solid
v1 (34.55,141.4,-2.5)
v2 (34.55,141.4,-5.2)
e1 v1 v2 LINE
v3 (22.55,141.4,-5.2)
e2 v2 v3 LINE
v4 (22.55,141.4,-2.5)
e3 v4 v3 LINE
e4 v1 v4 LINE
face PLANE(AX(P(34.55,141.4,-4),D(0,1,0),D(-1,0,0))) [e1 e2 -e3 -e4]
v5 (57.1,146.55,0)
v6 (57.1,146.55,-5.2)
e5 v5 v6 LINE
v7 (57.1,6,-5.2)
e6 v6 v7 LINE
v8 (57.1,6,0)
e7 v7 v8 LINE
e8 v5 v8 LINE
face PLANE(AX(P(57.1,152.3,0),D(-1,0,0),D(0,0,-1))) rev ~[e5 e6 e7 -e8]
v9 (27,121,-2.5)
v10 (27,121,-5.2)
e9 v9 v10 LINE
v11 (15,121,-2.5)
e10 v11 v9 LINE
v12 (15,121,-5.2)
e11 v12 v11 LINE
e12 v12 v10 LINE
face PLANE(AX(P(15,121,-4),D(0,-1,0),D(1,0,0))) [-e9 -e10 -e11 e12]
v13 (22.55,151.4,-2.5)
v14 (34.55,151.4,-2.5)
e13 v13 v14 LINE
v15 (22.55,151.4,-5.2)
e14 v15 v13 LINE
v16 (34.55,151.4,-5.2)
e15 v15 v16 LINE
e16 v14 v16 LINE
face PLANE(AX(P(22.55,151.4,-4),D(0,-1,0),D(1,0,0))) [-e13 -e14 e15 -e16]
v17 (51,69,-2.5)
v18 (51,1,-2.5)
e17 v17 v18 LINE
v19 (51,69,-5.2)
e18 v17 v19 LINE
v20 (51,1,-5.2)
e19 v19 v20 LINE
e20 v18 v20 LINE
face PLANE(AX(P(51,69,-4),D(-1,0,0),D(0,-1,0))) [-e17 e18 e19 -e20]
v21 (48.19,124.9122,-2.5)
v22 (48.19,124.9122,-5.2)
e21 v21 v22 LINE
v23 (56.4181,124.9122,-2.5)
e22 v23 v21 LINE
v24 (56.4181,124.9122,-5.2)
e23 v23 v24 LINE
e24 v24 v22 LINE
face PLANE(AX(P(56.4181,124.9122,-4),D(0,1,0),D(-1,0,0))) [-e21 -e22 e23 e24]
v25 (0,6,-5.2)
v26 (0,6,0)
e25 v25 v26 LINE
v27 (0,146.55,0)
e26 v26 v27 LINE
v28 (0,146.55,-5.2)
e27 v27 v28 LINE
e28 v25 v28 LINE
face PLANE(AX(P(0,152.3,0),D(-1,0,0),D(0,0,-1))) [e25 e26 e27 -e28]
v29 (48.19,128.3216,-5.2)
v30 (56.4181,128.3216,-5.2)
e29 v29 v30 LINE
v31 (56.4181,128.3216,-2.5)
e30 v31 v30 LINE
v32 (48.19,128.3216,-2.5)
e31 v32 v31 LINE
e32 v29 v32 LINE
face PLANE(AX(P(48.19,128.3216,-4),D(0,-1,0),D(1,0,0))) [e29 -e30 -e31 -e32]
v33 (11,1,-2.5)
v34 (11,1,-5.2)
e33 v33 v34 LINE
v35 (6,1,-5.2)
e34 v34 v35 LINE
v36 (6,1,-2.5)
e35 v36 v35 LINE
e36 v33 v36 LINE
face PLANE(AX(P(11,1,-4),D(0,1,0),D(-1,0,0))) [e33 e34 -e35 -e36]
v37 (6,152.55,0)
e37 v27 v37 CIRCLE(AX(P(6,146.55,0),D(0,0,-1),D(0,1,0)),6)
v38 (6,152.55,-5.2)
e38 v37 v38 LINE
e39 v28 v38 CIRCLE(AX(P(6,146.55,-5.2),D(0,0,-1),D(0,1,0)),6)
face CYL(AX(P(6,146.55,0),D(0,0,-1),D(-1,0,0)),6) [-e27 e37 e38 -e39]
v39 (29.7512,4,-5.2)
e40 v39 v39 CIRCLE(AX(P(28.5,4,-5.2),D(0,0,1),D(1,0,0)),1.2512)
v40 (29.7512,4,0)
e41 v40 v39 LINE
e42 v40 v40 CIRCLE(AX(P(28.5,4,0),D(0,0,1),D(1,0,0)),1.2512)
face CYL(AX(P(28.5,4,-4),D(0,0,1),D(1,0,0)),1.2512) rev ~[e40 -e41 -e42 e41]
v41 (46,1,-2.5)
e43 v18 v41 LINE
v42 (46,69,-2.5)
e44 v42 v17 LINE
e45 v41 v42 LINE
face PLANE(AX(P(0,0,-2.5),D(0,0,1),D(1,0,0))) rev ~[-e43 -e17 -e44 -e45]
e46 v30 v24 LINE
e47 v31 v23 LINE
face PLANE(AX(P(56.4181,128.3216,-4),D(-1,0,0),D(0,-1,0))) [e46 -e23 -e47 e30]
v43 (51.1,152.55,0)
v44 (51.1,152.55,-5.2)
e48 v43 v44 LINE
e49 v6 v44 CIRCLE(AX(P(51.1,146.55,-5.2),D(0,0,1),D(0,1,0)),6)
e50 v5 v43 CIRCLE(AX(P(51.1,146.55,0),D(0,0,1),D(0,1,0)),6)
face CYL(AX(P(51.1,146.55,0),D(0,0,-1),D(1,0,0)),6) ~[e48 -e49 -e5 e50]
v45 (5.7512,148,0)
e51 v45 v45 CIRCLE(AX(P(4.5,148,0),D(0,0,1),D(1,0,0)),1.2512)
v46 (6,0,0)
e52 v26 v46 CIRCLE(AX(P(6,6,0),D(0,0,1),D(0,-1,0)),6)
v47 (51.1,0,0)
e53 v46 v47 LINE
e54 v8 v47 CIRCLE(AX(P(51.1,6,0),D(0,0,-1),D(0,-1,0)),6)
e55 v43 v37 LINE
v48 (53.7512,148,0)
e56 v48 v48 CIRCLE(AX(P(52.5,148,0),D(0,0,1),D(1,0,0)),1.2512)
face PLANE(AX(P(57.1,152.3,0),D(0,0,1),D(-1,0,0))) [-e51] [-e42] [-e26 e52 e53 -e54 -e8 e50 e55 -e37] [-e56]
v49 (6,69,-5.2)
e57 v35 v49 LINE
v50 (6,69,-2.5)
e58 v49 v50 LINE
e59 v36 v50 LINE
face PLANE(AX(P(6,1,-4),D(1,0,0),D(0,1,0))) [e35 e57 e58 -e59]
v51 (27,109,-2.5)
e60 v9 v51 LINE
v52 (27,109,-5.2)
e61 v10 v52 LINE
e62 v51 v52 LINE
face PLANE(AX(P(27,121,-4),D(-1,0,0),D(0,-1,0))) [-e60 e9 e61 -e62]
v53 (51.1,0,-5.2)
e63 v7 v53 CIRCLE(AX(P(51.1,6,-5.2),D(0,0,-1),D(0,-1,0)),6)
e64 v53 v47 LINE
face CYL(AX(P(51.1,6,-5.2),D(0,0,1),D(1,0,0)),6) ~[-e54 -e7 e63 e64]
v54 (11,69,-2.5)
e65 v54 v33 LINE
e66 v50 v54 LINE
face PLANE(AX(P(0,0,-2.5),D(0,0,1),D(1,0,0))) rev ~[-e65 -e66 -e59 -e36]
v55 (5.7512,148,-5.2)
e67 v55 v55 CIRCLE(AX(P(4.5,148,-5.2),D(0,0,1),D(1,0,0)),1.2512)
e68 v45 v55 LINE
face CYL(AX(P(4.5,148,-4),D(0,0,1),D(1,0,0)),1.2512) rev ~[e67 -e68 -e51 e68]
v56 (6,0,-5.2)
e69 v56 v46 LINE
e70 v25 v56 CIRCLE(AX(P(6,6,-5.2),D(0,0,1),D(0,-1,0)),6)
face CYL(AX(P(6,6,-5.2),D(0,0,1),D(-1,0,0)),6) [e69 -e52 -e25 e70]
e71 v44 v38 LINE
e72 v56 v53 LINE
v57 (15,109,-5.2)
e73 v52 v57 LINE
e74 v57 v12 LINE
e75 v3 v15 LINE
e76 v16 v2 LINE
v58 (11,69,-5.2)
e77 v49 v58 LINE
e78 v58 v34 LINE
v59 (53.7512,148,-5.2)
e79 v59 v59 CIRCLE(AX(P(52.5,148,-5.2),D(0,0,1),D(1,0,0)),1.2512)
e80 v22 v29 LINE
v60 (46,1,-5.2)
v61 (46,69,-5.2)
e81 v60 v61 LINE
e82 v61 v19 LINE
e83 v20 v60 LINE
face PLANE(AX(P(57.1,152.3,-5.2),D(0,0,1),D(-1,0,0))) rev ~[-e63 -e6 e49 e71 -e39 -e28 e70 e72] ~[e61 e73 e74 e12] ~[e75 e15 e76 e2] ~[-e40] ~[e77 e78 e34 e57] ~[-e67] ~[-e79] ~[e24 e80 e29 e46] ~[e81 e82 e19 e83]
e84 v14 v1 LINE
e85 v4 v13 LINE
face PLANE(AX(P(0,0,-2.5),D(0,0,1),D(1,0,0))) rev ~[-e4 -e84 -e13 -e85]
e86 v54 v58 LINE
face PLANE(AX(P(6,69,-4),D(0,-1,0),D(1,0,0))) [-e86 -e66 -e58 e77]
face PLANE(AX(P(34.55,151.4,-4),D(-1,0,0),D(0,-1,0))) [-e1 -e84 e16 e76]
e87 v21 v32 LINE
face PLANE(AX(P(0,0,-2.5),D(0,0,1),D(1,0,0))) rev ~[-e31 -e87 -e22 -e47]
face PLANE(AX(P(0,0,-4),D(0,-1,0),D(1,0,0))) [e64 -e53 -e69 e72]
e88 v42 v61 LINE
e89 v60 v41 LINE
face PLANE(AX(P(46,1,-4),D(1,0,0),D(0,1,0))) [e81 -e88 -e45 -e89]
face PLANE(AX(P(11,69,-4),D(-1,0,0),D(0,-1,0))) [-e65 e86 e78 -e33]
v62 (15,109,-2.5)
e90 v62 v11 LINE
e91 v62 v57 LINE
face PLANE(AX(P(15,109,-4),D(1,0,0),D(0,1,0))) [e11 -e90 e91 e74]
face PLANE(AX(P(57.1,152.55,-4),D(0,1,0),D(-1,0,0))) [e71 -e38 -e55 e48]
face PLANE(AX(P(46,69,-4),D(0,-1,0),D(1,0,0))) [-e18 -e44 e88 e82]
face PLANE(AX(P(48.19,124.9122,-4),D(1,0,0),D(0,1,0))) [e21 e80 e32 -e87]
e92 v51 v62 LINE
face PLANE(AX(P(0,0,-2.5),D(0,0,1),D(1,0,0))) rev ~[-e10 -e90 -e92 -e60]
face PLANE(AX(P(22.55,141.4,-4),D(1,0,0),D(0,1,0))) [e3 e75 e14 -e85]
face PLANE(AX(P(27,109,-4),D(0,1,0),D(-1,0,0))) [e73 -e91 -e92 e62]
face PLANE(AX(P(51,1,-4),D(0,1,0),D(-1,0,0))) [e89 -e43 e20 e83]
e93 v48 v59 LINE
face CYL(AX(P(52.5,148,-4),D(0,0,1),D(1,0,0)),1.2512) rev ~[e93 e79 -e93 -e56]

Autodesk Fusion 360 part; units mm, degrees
sketch "Sketch1" plane through (0, 0, 0) normal (0, 0, 1) x (1, 0, 0)
  line L0 (0, 0) -> (57.1, 0)
  line L1 (57.1, 0) -> (57.1, 152.3)
  line L2 (57.1, 152.3) -> (0, 152.3)
  line L3 (0, 152.3) -> (0, 0)
  circle A0 centre (28.5, 4) radius 1.2512
  circle A1 centre (52.5, 148) radius 1.2512
  circle A2 centre (4.5, 148) radius 1.2512
  line L4 (6, 69) -> (11, 69)
  line L5 (11, 69) -> (11, 1)
  line L6 (11, 1) -> (6, 1)
  line L7 (6, 1) -> (6, 69)
  line L8 (46, 1) -> (46, 69)
  line L9 (46, 69) -> (51, 69)
  line L10 (51, 69) -> (51, 1)
  line L11 (51, 1) -> (46, 1)
  line L12 (15, 121) -> (27, 121)
  line L13 (27, 121) -> (27, 109)
  line L14 (27, 109) -> (15, 109)
  line L15 (15, 109) -> (15, 121)
  line L16 (48.19, 128.3216) -> (56.4181, 128.3216)
  line L17 (56.4181, 128.3216) -> (56.4181, 124.9122)
  line L18 (56.4181, 124.9122) -> (48.19, 124.9122)
  line L19 (48.19, 124.9122) -> (48.19, 128.3216)
  line L20 (22.55, 151.4) -> (34.55, 151.4)
  line L21 (34.55, 151.4) -> (34.55, 141.4)
  line L22 (34.55, 141.4) -> (22.55, 141.4)
  line L23 (22.55, 141.4) -> (22.55, 151.4)
  dimension "d1" = 57.1
  dimension "d2" = 152.3
  dimension "d6" = 5
  dimension "d7" = 68
  dimension "d8" = 5
  dimension "d9" = 68
  dimension "d10" = 12
  dimension "d13" = 12
  dimension "d14" = 10
extrude "Extrude1" add sketch "Sketch1" against normal blind 2.5 contours L8 L9 L10 L11 makes body 1
extrude "Extrude2" add sketch "Sketch1" against normal blind 2.5 separate body contours L4 L5 L6 L7 makes body 2
extrude "Extrude3" add sketch "Sketch1" against normal blind 2.5 separate body contours L12 L13 L14 L15 makes body 3
extrude "Extrude4" add sketch "Sketch1" against normal blind 2.5 separate body contours L16 L17 L18 L19 makes body 4
extrude "Extrude5" add sketch "Sketch1" against normal blind 2.5 separate body contours L20 L21 L22 L23 makes body 5
extrude "Extrude6" add sketch "Sketch1" against normal blind 4 bodies 1 2 3 4 5
extrude "Extrude7" add 1 faces at (28.5262, 47.7496, -4) along direction (0, 0, -1) blind 1.2 on bodies 1 bodies 1
extrude "Extrude8" add 1 faces at (19.0333, 152.3, -3.4667) along direction (0, 1, 0) blind 0.25 on bodies 1 bodies 1
fillet "Fillet5" radius 6 4 edges at (57.1, 0, -2.6) (0, 0, -2.6) (0, 152.55, -2.6) (57.1, 152.55, -2.6) on bodies 1
